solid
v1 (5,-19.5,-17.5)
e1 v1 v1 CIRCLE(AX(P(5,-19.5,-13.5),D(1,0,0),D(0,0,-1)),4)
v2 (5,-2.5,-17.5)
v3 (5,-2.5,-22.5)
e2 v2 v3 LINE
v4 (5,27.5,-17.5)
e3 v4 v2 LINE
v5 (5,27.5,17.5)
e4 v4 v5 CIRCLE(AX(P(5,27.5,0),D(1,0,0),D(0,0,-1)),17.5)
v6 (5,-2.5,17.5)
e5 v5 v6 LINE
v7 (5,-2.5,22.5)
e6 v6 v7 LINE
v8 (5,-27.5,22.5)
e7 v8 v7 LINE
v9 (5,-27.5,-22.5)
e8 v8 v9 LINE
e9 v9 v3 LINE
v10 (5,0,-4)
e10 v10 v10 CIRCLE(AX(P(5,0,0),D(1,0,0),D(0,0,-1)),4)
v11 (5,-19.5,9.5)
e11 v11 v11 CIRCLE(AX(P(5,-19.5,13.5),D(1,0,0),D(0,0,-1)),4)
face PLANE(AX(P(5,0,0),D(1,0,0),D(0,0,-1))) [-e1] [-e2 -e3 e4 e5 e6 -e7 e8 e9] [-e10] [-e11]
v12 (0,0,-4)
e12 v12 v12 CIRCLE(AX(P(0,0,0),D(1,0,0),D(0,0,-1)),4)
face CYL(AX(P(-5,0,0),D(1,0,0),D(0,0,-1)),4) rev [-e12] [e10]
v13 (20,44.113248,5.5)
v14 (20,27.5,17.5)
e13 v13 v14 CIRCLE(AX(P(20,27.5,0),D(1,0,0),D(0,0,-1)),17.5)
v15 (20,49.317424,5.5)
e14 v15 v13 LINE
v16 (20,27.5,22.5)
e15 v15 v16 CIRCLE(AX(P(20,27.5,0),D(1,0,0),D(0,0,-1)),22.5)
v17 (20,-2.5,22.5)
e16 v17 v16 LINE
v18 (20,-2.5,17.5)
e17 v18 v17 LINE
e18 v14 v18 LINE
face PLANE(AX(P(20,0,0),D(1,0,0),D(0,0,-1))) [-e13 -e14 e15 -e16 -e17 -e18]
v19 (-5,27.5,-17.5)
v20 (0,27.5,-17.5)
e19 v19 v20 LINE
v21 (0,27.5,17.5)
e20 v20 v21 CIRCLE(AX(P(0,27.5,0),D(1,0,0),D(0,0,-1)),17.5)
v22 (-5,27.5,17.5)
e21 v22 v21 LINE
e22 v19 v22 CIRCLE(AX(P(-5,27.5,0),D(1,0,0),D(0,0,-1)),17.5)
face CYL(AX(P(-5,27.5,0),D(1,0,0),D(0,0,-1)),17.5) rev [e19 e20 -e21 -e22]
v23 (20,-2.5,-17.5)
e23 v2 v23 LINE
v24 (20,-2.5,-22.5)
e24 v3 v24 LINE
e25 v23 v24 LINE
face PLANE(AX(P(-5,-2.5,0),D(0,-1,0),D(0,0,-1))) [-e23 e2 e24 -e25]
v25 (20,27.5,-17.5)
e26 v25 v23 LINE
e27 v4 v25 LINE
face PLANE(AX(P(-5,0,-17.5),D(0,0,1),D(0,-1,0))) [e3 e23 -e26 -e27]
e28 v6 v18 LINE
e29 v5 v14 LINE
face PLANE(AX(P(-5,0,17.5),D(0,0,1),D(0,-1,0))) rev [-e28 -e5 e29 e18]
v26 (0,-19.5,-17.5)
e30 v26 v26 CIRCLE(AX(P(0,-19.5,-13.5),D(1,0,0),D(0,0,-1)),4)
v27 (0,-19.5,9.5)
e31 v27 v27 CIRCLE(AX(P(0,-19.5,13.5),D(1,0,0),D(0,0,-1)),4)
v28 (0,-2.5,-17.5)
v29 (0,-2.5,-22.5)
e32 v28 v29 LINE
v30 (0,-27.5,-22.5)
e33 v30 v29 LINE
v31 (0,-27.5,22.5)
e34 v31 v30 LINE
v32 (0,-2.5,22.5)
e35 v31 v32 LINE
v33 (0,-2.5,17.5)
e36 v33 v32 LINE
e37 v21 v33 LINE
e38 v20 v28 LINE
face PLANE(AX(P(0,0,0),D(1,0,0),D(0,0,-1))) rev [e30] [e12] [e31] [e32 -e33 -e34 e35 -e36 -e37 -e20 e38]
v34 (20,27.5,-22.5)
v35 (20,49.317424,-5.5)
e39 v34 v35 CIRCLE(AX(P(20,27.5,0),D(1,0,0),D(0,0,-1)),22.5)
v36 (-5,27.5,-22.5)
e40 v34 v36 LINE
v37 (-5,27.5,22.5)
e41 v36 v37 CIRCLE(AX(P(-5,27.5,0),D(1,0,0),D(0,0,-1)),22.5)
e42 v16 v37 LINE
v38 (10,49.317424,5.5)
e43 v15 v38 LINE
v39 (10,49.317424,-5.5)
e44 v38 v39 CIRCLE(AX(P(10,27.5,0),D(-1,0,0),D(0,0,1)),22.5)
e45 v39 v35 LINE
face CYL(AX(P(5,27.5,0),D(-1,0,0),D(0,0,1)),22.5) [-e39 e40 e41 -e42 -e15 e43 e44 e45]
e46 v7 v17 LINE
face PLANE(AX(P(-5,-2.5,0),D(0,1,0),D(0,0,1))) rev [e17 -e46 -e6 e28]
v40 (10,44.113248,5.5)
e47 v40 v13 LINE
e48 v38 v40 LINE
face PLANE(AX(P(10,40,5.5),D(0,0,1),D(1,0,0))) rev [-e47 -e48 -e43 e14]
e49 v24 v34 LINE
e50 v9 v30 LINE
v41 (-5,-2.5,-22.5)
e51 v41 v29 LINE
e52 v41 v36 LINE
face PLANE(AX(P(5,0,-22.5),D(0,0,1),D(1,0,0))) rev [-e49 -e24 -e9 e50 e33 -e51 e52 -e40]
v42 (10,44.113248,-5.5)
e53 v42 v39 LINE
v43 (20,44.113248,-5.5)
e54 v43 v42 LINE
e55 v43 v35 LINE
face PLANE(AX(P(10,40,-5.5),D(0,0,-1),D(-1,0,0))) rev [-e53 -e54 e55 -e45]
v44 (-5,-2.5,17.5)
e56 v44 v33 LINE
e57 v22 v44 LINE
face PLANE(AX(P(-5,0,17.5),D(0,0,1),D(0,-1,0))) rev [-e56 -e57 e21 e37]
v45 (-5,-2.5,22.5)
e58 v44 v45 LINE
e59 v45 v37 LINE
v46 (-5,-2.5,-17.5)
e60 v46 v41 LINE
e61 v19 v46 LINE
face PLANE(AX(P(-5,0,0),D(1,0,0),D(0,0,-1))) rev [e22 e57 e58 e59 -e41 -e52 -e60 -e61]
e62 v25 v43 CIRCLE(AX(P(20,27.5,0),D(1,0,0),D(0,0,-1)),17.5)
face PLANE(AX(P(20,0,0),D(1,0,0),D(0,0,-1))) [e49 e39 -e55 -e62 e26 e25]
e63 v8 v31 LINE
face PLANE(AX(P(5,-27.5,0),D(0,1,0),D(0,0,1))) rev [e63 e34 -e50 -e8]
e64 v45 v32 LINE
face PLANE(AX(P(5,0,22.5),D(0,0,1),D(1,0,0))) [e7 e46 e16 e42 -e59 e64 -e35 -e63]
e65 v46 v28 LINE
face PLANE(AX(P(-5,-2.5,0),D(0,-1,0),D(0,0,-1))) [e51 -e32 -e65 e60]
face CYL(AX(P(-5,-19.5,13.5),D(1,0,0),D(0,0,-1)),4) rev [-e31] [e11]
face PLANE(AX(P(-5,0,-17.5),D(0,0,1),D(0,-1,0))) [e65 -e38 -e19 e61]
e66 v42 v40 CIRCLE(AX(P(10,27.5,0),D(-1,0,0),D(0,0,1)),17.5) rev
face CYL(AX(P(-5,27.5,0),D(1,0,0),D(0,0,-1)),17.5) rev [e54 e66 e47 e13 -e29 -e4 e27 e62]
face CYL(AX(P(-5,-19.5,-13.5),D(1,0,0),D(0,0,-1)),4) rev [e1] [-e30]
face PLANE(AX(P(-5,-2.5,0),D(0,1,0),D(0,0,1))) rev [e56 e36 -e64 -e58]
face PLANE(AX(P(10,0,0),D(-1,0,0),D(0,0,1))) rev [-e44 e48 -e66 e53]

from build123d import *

# Parameters (mm, degrees)
EXTRUDE_1_DEPTH      = 5
EXTRUDE_2_DEPTH      = 20
EXTRUDE_2_DEPTH_BACK = 5
SKETCH_3_R           = 4
CUT_EXTRUDE_2_DEPTH  = 57.844085005
SKETCH_5_W           = 11
SKETCH_5_H           = 15
CUT_EXTRUDE_3_DEPTH  = 10


with BuildPart() as part:
    # Эскиз1 → Бобышка-Вытянуть1 (new body)
    with BuildSketch(Plane(origin=(0, 0, 0), x_dir=(0, 0, -1), z_dir=(1, 0, 0))):
        with BuildLine():
            Line((22.5, -27.5), (22.5, 27.5))
            ThreePointArc((22.5, 27.5), (0, 50), (-22.5, 27.5))
            Line((-22.5, 27.5), (-22.5, -27.5))
            Line((-22.5, -27.5), (22.5, -27.5))
        make_face()
    extrude(amount=EXTRUDE_1_DEPTH)

    # Эскиз1<3> → Бобышка-Вытянуть2 (add, two sides: drawn at the far end of the back side and taken through both)
    with BuildSketch(Plane(origin=(0, 0, 0), x_dir=(0, 0, -1), z_dir=(1, 0, 0)).offset(-EXTRUDE_2_DEPTH_BACK)):
        with BuildLine():
            Line((-17.5, -2.5), (-17.5, 27.5))
            ThreePointArc((-17.5, 27.5), (0, 45), (17.5, 27.5))
            Line((17.5, 27.5), (17.5, -2.5))
            Line((17.5, -2.5), (22.5, -2.5))
            Line((22.5, -2.5), (22.5, 27.5))
            ThreePointArc((22.5, 27.5), (0, 50), (-22.5, 27.5))
            Line((-22.5, 27.5), (-22.5, -2.5))
            Line((-22.5, -2.5), (-17.5, -2.5))
        make_face()
    extrude(amount=EXTRUDE_2_DEPTH + EXTRUDE_2_DEPTH_BACK)

    # Эскиз3 → Вырез-Вытянуть2 (cut, through all)
    with BuildSketch(Plane(origin=(5, 0, 0), x_dir=(0, 0, -1), z_dir=(1, 0, 0))):
        with Locations((-13.5, -19.5)):
            Circle(SKETCH_3_R)
        with Locations((13.5, -19.5)):
            Circle(SKETCH_3_R)
        Circle(SKETCH_3_R)
    extrude(amount=-CUT_EXTRUDE_2_DEPTH, mode=Mode.SUBTRACT)

    # Эскиз5 → Вырез-Вытянуть3 (cut)
    with BuildSketch(Plane(origin=(20, 0, 0), x_dir=(0, 0, -1), z_dir=(1, 0, 0))):
        with Locations((0, 47.5)):
            Rectangle(SKETCH_5_W, SKETCH_5_H)
    extrude(amount=-CUT_EXTRUDE_3_DEPTH, mode=Mode.SUBTRACT)


solid = part.part
